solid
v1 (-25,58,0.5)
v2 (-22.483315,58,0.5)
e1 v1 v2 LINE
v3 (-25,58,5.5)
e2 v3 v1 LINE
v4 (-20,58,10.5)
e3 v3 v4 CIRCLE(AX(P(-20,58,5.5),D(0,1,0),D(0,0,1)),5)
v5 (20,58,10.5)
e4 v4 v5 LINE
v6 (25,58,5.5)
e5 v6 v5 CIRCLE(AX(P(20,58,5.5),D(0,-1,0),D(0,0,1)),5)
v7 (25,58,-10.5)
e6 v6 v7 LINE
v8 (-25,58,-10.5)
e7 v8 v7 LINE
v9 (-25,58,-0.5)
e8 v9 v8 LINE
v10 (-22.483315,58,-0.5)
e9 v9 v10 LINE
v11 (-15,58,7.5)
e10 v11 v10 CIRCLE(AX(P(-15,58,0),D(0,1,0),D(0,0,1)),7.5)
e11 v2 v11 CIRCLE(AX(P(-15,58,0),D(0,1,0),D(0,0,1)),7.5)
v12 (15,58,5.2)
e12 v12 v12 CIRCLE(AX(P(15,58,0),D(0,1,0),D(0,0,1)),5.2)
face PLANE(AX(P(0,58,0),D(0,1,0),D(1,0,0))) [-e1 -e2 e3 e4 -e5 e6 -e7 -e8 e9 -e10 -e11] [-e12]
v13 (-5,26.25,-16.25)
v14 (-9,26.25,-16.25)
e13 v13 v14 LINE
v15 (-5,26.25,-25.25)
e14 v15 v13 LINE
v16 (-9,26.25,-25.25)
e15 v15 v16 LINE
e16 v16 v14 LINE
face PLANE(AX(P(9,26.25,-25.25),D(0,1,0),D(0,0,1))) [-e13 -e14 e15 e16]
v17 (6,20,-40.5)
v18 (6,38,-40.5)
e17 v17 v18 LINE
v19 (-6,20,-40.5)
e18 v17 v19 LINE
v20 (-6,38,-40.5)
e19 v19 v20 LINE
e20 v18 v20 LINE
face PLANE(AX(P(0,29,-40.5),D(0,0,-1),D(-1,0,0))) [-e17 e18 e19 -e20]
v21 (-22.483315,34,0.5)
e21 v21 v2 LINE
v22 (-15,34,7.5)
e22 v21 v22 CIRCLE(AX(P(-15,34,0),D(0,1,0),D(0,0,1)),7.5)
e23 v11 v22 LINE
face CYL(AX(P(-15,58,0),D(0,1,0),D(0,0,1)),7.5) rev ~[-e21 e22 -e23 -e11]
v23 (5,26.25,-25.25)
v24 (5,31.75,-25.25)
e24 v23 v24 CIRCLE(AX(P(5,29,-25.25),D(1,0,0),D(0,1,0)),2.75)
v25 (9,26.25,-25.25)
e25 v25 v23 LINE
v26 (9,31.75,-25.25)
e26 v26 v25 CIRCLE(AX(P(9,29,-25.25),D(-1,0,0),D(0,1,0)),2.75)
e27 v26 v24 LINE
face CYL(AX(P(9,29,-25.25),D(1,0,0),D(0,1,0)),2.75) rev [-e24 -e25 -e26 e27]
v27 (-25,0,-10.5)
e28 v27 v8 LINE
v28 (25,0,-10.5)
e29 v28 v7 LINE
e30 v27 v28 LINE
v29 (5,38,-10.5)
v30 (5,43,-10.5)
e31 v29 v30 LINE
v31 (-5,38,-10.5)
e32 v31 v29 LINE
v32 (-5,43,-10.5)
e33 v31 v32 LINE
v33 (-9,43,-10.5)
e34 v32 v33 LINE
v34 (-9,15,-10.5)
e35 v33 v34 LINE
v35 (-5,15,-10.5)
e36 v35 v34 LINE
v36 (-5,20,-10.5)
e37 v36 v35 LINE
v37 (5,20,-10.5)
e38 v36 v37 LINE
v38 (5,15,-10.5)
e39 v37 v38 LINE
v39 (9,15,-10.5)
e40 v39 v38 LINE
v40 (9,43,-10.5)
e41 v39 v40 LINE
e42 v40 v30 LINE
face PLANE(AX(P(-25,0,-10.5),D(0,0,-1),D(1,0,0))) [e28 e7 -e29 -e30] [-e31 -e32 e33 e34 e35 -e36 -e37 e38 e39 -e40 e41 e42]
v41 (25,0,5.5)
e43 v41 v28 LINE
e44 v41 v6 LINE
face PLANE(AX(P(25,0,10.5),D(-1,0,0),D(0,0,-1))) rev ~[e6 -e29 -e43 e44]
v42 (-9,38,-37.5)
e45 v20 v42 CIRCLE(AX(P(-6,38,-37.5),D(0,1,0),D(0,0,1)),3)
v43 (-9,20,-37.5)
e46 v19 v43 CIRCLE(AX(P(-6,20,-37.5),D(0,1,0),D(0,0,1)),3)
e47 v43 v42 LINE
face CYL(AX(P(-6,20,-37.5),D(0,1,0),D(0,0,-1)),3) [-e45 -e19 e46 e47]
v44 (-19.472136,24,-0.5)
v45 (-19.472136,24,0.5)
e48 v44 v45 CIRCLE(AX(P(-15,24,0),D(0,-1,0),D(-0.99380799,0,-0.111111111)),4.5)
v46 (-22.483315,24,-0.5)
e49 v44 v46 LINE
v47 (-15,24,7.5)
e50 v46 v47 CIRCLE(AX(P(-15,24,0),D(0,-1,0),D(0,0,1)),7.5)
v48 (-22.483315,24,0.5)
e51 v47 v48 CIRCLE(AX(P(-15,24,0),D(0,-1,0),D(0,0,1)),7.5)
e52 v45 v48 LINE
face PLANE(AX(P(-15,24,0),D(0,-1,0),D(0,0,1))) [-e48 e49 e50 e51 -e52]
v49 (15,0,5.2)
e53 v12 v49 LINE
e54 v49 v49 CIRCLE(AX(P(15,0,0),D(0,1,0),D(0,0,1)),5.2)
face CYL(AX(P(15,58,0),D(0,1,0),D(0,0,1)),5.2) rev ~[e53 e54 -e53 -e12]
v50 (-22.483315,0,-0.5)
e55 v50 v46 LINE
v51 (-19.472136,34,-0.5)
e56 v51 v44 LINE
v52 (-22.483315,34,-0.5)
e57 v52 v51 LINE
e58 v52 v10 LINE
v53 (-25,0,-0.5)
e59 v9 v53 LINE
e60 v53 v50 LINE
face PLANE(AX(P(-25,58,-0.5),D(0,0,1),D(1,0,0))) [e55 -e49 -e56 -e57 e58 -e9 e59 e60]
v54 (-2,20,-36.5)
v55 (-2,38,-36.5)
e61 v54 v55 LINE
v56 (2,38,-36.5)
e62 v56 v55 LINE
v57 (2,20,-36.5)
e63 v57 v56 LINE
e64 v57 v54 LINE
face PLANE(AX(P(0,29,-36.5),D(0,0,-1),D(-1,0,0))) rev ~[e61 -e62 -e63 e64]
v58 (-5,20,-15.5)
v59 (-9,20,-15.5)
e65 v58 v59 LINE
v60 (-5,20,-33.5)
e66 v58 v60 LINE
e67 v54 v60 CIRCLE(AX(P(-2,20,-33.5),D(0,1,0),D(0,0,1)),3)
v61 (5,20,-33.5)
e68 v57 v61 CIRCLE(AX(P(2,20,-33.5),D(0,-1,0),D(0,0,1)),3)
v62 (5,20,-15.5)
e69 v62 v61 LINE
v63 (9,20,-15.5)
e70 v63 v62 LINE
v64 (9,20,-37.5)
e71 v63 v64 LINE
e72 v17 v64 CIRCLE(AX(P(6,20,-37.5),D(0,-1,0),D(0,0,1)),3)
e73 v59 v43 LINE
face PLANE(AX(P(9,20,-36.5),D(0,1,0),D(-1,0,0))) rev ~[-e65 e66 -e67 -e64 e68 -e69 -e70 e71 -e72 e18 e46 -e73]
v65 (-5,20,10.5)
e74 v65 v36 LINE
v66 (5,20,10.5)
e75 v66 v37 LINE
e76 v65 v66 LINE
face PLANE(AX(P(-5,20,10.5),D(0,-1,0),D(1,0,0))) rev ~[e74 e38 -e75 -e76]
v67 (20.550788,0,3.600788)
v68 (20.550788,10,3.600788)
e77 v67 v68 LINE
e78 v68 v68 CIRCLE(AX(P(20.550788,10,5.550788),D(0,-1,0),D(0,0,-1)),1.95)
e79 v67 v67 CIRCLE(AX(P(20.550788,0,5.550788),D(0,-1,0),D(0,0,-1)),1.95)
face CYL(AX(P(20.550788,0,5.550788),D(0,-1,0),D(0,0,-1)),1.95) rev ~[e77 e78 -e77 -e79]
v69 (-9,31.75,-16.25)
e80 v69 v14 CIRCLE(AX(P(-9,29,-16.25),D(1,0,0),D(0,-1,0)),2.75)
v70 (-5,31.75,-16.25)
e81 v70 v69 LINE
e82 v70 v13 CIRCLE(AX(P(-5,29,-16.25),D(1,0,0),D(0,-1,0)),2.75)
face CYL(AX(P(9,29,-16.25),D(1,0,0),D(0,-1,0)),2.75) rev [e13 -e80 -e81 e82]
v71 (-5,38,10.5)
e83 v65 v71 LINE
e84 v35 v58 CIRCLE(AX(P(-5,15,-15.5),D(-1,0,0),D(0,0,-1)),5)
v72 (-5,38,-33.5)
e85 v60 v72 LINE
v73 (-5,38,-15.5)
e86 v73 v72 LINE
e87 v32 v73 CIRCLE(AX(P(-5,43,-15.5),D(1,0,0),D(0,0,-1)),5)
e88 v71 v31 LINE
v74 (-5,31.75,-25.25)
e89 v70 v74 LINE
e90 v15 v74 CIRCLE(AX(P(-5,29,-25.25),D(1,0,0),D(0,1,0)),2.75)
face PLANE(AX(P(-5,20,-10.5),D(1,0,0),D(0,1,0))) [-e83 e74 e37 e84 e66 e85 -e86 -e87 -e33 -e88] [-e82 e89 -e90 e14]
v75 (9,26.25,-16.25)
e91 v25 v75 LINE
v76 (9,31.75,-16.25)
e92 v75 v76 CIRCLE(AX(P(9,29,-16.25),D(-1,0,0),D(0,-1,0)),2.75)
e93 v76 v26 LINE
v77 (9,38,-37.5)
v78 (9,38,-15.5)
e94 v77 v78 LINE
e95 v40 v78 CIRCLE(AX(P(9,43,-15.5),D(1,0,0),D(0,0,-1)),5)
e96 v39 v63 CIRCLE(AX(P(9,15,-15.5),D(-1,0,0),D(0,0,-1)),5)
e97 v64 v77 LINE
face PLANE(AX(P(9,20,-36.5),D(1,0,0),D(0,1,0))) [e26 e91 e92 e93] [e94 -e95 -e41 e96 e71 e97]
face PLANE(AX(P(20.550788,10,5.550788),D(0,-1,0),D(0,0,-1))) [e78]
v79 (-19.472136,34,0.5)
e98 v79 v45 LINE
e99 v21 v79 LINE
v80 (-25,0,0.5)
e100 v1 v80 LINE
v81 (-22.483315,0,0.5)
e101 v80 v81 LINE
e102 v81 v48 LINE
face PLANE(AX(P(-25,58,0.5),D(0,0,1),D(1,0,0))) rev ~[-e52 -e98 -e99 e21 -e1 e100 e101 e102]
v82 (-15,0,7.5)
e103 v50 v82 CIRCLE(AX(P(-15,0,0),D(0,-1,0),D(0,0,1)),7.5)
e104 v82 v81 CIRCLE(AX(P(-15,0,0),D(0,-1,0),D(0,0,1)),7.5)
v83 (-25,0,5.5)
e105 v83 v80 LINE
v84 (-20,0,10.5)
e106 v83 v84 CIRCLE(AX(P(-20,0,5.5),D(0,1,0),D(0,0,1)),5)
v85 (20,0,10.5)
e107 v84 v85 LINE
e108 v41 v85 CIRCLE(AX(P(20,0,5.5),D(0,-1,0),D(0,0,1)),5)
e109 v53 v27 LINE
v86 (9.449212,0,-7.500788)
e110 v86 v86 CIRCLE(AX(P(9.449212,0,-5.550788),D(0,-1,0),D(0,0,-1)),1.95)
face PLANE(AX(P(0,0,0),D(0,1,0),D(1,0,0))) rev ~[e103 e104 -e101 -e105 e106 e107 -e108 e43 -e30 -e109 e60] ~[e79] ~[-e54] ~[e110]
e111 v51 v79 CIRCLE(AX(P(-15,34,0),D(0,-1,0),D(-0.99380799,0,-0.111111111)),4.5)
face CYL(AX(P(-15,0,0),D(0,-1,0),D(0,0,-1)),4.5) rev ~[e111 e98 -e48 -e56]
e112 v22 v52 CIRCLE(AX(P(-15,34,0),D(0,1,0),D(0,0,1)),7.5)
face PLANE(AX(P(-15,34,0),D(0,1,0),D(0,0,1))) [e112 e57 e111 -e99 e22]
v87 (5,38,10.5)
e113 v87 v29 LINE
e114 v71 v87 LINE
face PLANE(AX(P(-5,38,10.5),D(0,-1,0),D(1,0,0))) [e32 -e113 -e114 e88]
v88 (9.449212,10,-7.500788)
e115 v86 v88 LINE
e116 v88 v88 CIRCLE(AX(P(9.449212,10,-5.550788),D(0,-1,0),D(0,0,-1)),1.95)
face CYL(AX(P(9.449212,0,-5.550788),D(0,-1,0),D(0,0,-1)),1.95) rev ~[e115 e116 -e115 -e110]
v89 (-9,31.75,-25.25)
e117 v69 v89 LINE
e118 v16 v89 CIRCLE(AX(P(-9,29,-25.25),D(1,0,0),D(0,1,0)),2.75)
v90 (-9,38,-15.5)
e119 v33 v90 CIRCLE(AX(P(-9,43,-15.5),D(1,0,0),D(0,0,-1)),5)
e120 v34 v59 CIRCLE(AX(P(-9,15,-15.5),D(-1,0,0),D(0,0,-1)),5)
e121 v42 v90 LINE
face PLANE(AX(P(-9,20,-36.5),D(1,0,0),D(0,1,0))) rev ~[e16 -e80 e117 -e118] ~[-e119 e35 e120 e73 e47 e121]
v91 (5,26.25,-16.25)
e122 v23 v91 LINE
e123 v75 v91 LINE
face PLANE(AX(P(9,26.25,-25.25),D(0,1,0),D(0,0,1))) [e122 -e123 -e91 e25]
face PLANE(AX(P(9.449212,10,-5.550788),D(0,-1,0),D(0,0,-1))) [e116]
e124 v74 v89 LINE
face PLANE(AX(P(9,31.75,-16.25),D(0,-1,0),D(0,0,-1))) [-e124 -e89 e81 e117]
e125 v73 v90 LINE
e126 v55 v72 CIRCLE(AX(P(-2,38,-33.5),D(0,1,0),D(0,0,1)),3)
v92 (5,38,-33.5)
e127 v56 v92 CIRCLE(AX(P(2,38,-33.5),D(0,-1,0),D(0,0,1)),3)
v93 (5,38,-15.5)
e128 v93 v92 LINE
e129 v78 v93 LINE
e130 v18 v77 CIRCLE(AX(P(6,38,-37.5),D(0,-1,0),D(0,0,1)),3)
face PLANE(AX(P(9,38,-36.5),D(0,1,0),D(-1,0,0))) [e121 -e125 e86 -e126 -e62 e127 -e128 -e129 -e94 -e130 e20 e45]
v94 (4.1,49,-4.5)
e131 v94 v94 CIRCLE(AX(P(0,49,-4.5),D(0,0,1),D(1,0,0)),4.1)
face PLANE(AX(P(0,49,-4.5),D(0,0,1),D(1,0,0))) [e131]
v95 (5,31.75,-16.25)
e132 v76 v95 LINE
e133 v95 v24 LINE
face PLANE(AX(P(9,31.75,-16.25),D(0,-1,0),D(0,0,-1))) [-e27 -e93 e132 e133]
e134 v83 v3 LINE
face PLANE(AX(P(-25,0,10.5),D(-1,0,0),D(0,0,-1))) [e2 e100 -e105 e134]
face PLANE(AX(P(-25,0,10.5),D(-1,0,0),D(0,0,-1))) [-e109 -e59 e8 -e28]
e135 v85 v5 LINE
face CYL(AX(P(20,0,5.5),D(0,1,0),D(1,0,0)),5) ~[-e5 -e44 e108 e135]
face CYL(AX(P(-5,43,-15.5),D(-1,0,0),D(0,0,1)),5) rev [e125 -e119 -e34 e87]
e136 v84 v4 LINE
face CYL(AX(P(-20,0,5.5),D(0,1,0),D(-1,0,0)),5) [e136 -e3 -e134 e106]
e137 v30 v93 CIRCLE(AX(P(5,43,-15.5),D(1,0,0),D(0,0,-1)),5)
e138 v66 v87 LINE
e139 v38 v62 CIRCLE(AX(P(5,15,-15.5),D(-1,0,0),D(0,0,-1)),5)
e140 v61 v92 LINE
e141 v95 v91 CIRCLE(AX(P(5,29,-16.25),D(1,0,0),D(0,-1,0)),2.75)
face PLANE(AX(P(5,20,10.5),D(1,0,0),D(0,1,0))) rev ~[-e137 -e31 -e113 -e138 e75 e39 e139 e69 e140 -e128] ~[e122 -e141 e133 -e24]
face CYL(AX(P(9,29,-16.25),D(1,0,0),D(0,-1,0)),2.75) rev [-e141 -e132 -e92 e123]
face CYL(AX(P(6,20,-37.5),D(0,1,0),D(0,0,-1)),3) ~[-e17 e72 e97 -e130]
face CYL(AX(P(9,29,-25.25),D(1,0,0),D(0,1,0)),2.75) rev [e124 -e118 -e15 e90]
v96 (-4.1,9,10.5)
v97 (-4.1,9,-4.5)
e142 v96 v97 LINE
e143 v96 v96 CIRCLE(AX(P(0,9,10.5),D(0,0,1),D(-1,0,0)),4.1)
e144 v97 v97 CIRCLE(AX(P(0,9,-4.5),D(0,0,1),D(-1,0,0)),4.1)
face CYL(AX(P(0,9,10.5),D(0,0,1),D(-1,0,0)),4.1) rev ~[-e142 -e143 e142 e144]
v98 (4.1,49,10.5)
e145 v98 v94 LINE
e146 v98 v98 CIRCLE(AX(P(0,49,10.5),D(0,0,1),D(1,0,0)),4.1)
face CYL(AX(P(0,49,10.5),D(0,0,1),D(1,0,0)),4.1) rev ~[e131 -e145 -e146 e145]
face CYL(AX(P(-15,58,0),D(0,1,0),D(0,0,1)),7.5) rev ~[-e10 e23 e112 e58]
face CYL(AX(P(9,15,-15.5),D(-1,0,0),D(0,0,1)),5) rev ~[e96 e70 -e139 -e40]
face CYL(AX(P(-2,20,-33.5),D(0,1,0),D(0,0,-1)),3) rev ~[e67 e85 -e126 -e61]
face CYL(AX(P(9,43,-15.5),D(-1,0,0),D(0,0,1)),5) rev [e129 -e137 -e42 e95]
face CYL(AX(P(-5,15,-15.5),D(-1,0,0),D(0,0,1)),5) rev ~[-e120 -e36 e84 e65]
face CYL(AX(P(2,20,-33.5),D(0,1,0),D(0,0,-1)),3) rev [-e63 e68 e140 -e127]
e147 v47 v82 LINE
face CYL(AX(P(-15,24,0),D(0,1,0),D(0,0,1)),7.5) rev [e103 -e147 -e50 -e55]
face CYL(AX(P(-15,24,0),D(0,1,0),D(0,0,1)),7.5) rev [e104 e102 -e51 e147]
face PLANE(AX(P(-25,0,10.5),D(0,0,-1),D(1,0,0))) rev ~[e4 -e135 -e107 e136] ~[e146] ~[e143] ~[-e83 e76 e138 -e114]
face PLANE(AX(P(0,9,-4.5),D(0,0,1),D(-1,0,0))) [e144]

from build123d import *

# Parameters (mm, degrees)
SKETCH1_W           = 50
SKETCH1_H           = 21
BOSS_EXTRUDE1_DEPTH = 58
SKETCH3_R           = 7.5
CUT_EXTRUDE1_DEPTH  = 24
CUT_EXTRUDE2_REACH  = 66.025
SKETCH4_R           = 5.2
CUT_EXTRUDE3_START  = -24
SKETCH5_R           = 7.5
CUT_EXTRUDE3_DEPTH  = 24
CUT_EXTRUDE4_REACH  = 66.025
SKETCH6_R           = 4.5
CUT_EXTRUDE5_REACH  = 68.558
SKETCH8_W           = 10
SKETCH8_H           = 18
SKETCH7_R           = 4.1
CUT_EXTRUDE6_DEPTH  = 15
SKETCH11_W          = 4
SKETCH11_H          = 18
BOSS_EXTRUDE2_DEPTH = 26
SKETCH12_W          = 18
SKETCH12_H          = 18
BOSS_EXTRUDE3_DEPTH = 4
CUT_EXTRUDE7_DEPTH  = 79.487260113
FILLET1_R           = 5
FILLET2_R           = 5
FILLET3_R           = 3
SKETCH14_R          = 1.95
CUT_EXTRUDE8_DEPTH  = 10
SKETCH15_W          = 5.527864045
SKETCH15_H          = 1
CUT_EXTRUDE9_DEPTH  = 76.028327984


with BuildPart() as part:
    # Sketch1 → Boss-Extrude1 (new body)
    with BuildSketch(Plane(origin=(0, 0, 0), x_dir=(1, 0, 0), z_dir=(0, 1, 0))):
        Rectangle(SKETCH1_W, SKETCH1_H)
    extrude(amount=BOSS_EXTRUDE1_DEPTH)

    # Sketch3 → Cut-Extrude1 (cut)
    with BuildSketch(Plane(origin=(0, 58, 0), x_dir=(1, 0, 0), z_dir=(0, 1, 0))):
        with Locations(Location((-15, 0, 0), (0, 0, 270))):
            Circle(SKETCH3_R)
    extrude(amount=-CUT_EXTRUDE1_DEPTH, mode=Mode.SUBTRACT)

    # Sketch4 → Cut-Extrude2 (cut, up to next)
    with BuildSketch(Plane(origin=(0, 58, 0), x_dir=(1, 0, 0), z_dir=(0, 1, 0)), mode=Mode.PRIVATE) as cut_extrude2_sk1:
        with Locations(Location((15, 0, 0), (0, 0, 270))):
            Circle(SKETCH4_R)
    cut_extrude2_tool1 = extrude(cut_extrude2_sk1.sketch, amount=-CUT_EXTRUDE2_REACH, mode=Mode.PRIVATE) & part.part
    add(cut_extrude2_tool1.solids().sort_by_distance((15, 58, 0))[0], mode=Mode.SUBTRACT)

    # Sketch5 → Cut-Extrude3 (cut)
    with BuildSketch(Plane.XZ.offset(CUT_EXTRUDE3_START)):
        with Locations(Location((-15, 0, 0), (0, 0, 90))):
            Circle(SKETCH5_R)
    extrude(amount=CUT_EXTRUDE3_DEPTH, mode=Mode.SUBTRACT)

    # Sketch6 → Cut-Extrude4 (cut, up to next)
    with BuildSketch(Plane.XZ, mode=Mode.PRIVATE) as cut_extrude4_sk1:
        with Locations(Location((-15, 0, 0), (0, 0, 270))):
            Circle(SKETCH6_R)
    cut_extrude4_tool1 = extrude(cut_extrude4_sk1.sketch, amount=-CUT_EXTRUDE4_REACH, mode=Mode.PRIVATE) & part.part
    add(cut_extrude4_tool1.solids().sort_by_distance((-15, 0, 0))[0], mode=Mode.SUBTRACT)

    # Sketch8 → Cut-Extrude5 (cut, up to next)
    with BuildSketch(Plane.XY.offset(10.5), mode=Mode.PRIVATE) as cut_extrude5_sk1:
        with Locations((0, 29)):
            Rectangle(SKETCH8_W, SKETCH8_H)
    cut_extrude5_tool1 = extrude(cut_extrude5_sk1.sketch, amount=-CUT_EXTRUDE5_REACH, mode=Mode.PRIVATE) & part.part
    add(cut_extrude5_tool1.solids().sort_by_distance((0, 29, 10.5))[0], mode=Mode.SUBTRACT)

    # Sketch7 → Cut-Extrude6 (cut)
    with BuildSketch(Plane.XY.offset(10.5)):
        with Locations((0, 49)):
            Circle(SKETCH7_R)
        with Locations(Location((0, 9, 0), (0, 0, 180))):
            Circle(SKETCH7_R)
    extrude(amount=-CUT_EXTRUDE6_DEPTH, mode=Mode.SUBTRACT)

    # Sketch11 → Boss-Extrude2 (add)
    with BuildSketch(Plane(origin=(0, 0, -10.5), x_dir=(-1, 0, 0), z_dir=(0, 0, -1))):
        with Locations((7, 29)):
            Rectangle(SKETCH11_W, SKETCH11_H)
        with Locations((-7, 29)):
            Rectangle(SKETCH11_W, SKETCH11_H)
    extrude(amount=BOSS_EXTRUDE2_DEPTH)

    # Sketch12 → Boss-Extrude3 (add)
    with BuildSketch(Plane(origin=(0, 0, -36.5), x_dir=(-1, 0, 0), z_dir=(0, 0, -1))):
        with Locations((0, 29)):
            Rectangle(SKETCH12_W, SKETCH12_H)
    extrude(amount=BOSS_EXTRUDE3_DEPTH)

    # Sketch13 → Cut-Extrude7 (cut, through all)
    with BuildSketch(Plane(origin=(9, 0, 0), x_dir=(0, 0, -1), z_dir=(1, 0, 0))):
        with BuildLine():
            Line((16.25, 31.75), (25.25, 31.75))
            ThreePointArc((25.25, 31.75), (28, 29), (25.25, 26.25))
            Line((25.25, 26.25), (16.25, 26.25))
            ThreePointArc((16.25, 26.25), (13.5, 29), (16.25, 31.75))
        make_face()
    extrude(amount=-CUT_EXTRUDE7_DEPTH, mode=Mode.SUBTRACT)

    # Fillet1
    fillet1_edges = [part.edges().sort_by_distance(p)[0] for p in [
        (25, 29, 10.5),
        (-25, 29, 10.5),
    ]]
    fillet(fillet1_edges, radius=FILLET1_R)

    # Fillet2
    fillet2_edges = [part.edges().sort_by_distance(p)[0] for p in [
        (-7, 38, -10.5),
        (-7, 20, -10.5),
        (7, 20, -10.5),
        (7, 38, -10.5),
    ]]
    fillet(fillet2_edges, radius=FILLET2_R)

    # Fillet3
    fillet3_edges = [part.edges().sort_by_distance(p)[0] for p in [
        (-5, 29, -36.5),
        (5, 29, -36.5),
        (-9, 29, -40.5),
        (9, 29, -40.5),
    ]]
    fillet(fillet3_edges, radius=FILLET3_R)

    # Sketch14 → Cut-Extrude8 (cut)
    with BuildSketch(Plane.XZ):
        with Locations(Location((20.550788232, 5.550788232, 0), (0, 0, 270))):
            Circle(SKETCH14_R)
        with Locations(Location((9.449211768, -5.550788232, 0), (0, 0, 270))):
            Circle(SKETCH14_R)
    extrude(amount=-CUT_EXTRUDE8_DEPTH, mode=Mode.SUBTRACT)

    # Sketch15 → Cut-Extrude9 (cut, through all)
    with BuildSketch(Plane(origin=(0, 58, 0), x_dir=(1, 0, 0), z_dir=(0, 1, 0))):
        with Locations((-22.236067977, 0)):
            Rectangle(SKETCH15_W, SKETCH15_H)
    extrude(amount=-CUT_EXTRUDE9_DEPTH, mode=Mode.SUBTRACT)


solid = part.part
